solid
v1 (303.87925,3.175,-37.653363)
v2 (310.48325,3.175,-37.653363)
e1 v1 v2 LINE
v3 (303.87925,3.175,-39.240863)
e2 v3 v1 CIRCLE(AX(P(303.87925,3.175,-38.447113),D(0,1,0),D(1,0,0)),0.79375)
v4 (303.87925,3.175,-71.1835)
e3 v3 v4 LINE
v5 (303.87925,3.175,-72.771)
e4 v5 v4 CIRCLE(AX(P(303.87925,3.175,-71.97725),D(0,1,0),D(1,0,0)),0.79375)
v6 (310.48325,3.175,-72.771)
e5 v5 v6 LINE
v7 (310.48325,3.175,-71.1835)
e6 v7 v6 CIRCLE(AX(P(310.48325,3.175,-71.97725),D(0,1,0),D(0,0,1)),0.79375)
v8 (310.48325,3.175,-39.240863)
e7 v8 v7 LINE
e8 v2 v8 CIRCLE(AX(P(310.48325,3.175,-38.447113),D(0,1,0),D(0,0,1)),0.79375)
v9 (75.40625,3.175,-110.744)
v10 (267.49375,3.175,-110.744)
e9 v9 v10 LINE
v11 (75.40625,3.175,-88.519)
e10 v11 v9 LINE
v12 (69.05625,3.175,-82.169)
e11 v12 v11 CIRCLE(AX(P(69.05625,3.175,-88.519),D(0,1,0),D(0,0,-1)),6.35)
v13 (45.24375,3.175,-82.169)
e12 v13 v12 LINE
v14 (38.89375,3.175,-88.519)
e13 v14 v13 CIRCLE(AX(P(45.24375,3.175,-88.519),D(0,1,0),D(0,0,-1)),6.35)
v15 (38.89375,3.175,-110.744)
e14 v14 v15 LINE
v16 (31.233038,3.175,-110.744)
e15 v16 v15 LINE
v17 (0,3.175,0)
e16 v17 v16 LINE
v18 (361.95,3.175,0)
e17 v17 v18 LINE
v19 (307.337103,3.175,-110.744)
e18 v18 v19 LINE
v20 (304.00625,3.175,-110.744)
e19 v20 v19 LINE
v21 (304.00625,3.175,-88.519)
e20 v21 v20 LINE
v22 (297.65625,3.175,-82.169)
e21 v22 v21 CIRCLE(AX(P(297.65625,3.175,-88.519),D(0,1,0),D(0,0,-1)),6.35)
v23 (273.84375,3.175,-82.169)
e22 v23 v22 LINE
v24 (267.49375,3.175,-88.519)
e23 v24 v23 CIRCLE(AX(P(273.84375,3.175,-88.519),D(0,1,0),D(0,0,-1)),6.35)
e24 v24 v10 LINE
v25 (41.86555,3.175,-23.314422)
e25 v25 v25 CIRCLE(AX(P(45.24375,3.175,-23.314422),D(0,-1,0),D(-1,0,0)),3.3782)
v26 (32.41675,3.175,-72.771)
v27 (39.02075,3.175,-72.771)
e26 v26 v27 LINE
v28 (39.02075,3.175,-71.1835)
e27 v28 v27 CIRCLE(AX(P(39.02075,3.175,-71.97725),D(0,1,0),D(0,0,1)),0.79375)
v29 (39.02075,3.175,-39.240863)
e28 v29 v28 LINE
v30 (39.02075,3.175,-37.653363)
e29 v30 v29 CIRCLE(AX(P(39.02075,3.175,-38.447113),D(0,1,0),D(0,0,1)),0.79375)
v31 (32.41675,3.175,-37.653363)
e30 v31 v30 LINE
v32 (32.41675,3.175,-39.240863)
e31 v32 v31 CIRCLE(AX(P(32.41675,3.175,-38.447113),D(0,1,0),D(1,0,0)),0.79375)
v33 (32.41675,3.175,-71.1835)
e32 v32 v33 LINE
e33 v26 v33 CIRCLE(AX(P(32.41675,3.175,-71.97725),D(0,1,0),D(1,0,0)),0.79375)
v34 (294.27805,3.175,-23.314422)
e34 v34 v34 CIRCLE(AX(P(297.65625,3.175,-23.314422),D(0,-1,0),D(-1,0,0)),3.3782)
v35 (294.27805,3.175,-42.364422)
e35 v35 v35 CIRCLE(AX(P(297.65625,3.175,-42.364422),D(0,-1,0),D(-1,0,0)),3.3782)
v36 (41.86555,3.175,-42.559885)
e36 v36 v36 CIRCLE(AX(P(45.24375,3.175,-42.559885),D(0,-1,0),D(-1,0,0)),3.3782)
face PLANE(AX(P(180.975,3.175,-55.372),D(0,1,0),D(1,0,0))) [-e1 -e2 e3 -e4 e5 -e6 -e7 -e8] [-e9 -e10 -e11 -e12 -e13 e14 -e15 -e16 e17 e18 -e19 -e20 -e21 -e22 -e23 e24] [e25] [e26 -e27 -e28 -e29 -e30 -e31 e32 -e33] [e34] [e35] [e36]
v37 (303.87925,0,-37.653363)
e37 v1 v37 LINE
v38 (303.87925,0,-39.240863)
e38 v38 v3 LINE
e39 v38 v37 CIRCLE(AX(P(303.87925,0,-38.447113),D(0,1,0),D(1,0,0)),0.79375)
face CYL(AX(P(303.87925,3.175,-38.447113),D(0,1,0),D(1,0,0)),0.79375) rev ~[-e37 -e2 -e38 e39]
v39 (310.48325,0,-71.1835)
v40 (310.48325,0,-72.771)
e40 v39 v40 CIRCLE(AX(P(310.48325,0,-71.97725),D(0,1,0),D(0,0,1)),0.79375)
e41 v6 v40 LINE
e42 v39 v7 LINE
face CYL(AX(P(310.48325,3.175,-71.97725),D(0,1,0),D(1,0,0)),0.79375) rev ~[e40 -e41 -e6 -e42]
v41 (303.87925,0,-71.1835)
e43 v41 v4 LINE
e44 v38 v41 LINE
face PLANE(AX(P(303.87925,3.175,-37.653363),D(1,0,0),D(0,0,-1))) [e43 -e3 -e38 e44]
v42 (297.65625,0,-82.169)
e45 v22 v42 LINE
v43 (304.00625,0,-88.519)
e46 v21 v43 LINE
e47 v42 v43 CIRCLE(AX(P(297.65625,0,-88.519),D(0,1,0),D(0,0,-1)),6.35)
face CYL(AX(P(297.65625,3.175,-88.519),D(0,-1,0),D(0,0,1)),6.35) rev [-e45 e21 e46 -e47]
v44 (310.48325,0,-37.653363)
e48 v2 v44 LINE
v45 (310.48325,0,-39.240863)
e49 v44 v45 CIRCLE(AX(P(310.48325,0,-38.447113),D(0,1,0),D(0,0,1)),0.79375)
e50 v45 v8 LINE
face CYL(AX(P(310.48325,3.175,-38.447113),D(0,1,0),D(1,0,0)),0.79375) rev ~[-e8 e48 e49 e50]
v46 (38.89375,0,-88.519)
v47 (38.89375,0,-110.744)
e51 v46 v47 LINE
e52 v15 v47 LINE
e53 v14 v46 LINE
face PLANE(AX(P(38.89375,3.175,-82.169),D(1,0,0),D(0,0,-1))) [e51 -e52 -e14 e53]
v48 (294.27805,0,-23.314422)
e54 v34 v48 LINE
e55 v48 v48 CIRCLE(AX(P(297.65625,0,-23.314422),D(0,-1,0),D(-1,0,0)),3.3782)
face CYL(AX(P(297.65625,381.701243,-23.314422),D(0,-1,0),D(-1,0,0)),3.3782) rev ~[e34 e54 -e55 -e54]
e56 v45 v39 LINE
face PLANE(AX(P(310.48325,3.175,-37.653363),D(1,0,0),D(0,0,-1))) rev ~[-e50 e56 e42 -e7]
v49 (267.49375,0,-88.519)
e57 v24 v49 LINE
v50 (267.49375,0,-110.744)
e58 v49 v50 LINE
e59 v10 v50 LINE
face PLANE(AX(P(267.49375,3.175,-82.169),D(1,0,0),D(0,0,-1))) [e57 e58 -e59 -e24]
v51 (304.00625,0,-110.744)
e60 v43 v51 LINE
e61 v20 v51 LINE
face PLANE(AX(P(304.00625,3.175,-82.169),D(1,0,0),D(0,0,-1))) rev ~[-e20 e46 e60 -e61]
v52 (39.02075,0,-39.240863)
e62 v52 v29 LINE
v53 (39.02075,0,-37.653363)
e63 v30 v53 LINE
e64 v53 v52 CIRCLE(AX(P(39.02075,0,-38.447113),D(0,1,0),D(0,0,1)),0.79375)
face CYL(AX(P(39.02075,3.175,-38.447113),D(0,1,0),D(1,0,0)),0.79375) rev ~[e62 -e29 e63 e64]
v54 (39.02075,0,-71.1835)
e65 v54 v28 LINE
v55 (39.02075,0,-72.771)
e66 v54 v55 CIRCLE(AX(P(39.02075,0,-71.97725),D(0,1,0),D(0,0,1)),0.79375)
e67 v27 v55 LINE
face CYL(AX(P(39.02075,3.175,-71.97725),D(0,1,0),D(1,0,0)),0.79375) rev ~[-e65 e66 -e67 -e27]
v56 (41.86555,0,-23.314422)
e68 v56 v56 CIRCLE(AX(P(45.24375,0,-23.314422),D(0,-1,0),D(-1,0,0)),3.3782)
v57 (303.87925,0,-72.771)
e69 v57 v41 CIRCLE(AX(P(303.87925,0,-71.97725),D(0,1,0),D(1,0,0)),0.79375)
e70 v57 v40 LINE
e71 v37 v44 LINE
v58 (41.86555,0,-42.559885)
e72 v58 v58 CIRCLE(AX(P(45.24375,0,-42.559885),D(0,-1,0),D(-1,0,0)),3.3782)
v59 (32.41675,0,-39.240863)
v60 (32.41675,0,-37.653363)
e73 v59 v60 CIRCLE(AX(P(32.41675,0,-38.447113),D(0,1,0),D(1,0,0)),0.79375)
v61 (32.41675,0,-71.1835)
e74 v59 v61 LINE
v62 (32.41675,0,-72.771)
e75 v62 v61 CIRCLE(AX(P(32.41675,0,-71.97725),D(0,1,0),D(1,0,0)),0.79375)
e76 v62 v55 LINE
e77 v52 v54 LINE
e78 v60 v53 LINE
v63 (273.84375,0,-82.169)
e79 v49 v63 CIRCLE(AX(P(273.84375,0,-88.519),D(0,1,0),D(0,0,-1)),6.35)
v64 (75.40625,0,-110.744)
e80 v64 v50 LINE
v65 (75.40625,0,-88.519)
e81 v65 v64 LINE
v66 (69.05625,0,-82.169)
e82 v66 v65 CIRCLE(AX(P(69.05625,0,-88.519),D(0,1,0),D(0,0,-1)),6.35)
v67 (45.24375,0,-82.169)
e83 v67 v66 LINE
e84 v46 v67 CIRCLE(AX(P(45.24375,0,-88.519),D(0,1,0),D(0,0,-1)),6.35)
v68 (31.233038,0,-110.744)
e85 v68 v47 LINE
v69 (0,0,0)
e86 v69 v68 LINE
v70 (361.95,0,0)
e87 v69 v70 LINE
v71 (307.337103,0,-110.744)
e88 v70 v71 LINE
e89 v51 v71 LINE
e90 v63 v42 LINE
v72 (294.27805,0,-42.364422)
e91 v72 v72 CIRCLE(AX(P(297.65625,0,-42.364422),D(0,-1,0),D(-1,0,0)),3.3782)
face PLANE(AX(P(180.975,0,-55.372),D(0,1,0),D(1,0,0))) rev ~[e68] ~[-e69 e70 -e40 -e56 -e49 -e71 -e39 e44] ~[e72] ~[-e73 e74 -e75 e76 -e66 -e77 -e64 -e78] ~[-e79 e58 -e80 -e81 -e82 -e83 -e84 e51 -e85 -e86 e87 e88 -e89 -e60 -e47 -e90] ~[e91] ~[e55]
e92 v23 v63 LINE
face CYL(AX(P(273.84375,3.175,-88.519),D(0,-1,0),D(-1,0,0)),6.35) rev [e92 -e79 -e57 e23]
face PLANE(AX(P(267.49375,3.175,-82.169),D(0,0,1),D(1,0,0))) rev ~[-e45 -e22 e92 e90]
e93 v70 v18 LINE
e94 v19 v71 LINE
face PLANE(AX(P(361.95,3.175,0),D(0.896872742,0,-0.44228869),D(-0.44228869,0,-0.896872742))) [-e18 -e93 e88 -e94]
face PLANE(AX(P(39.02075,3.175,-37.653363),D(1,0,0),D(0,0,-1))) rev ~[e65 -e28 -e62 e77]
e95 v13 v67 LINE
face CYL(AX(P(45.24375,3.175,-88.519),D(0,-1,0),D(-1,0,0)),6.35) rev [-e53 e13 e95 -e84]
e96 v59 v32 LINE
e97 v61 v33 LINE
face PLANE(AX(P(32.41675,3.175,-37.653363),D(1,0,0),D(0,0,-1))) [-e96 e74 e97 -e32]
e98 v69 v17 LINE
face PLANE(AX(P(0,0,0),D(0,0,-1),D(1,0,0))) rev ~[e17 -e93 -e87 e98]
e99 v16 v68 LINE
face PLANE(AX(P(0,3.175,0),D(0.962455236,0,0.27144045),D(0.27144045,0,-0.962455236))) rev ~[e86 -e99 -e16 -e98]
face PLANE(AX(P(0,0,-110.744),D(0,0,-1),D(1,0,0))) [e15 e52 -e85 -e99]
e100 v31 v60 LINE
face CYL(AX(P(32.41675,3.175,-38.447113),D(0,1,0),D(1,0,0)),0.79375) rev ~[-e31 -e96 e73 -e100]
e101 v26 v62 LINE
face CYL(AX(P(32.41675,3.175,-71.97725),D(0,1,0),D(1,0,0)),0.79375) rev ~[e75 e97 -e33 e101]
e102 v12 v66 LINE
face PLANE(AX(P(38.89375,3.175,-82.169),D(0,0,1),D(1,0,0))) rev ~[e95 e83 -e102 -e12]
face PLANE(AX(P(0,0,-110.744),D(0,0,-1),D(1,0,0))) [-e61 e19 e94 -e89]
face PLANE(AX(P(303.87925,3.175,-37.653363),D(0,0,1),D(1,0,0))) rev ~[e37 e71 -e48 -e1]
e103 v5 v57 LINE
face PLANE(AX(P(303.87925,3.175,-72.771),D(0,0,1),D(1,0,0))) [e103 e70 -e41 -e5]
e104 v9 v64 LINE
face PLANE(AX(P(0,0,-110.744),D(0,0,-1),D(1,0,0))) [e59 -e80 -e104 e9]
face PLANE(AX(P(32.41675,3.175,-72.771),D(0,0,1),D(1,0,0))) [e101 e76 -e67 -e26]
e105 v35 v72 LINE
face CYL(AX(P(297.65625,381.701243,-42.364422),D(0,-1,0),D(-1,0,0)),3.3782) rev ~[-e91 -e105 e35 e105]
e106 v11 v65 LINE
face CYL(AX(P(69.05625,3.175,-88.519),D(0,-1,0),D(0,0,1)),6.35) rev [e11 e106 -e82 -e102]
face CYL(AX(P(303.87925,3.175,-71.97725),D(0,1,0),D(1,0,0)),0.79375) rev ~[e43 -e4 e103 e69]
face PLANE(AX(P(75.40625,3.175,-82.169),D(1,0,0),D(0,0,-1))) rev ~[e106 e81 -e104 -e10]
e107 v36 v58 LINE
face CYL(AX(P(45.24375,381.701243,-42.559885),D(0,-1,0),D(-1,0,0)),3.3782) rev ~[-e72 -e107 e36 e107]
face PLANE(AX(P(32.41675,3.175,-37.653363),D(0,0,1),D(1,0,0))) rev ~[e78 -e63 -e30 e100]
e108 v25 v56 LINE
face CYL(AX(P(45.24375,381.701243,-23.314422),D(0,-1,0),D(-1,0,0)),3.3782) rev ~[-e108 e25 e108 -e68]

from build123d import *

# Parameters (mm, degrees)
SKETCH1_W               = 361.95
SKETCH1_H               = 110.744
BOSS_EXTRUDE1_DEPTH     = 3.175
CUT_EXTRUDE1_DEPTH      = 4.175
SKETCH3_W               = 36.5125
SKETCH3_H               = 28.575
CUT_EXTRUDE2_DEPTH      = 4.175
FILLET1_R               = 6.35
F_1_4_CLEARANCE_HOLE1_D = 6.7564
SKETCH7_W               = 6.604
SKETCH7_H               = 35.117637185
CUT_EXTRUDE4_DEPTH      = 4.175
SKETCH8_R               = 0.79375
CUT_EXTRUDE5_DEPTH      = 4.175


with BuildPart() as part:
    # Sketch1 → Boss-Extrude1 (new body)
    with BuildSketch(Plane(origin=(0, 0, 0), x_dir=(1, 0, 0), z_dir=(0, 1, 0))):
        with Locations((180.975, 55.372)):
            Rectangle(SKETCH1_W, SKETCH1_H)
    extrude(amount=BOSS_EXTRUDE1_DEPTH)

    # Sketch2 → Cut-Extrude1 (cut, through all)
    with BuildSketch(Plane(origin=(0, 3.175, 0), x_dir=(1, 0, 0), z_dir=(0, 1, 0))):
        Polygon((0, 0), (31.233038214, 110.744), (0, 110.744), align=None)
        Polygon((361.95, 0), (307.33710294, 110.744), (361.95, 110.744), align=None)
    extrude(amount=-CUT_EXTRUDE1_DEPTH, mode=Mode.SUBTRACT)

    # Sketch3 → Cut-Extrude2 (cut, through all)
    with BuildSketch(Plane(origin=(0, 3.175, 0), x_dir=(1, 0, 0), z_dir=(0, 1, 0))):
        with Locations((57.15, 96.4565)):
            Rectangle(SKETCH3_W, SKETCH3_H)
        with Locations((285.75, 96.4565)):
            Rectangle(SKETCH3_W, SKETCH3_H)
    extrude(amount=-CUT_EXTRUDE2_DEPTH, mode=Mode.SUBTRACT)

    # Fillet1
    fillet1_edges = [part.edges().sort_by_distance(p)[0] for p in [
        (75.40625, 1.5875, -82.169),
        (38.89375, 1.5875, -82.169),
        (304.00625, 1.5875, -82.169),
        (267.49375, 1.5875, -82.169),
    ]]
    fillet(fillet1_edges, radius=FILLET1_R)

    # 1/4 Clearance Hole1 (through all)
    with Locations(Plane(origin=(0, 3.175, 0), x_dir=(1, 0, 0), z_dir=(0, 1, 0))):
        with Locations((297.65625, 42.364421689), (297.65625, 23.314421689), (45.24375, 23.314421689), (45.24375, 42.559885057)):
            Hole(F_1_4_CLEARANCE_HOLE1_D / 2)

    # Sketch7 → Cut-Extrude4 (cut, through all)
    with BuildSketch(Plane(origin=(0, 3.175, 0), x_dir=(1, 0, 0), z_dir=(0, 1, 0))):
        with Locations((307.18125, 55.212181407)):
            Rectangle(SKETCH7_W, SKETCH7_H)
        with Locations((35.71875, 55.212181407)):
            Rectangle(SKETCH7_W, SKETCH7_H)
    extrude(amount=-CUT_EXTRUDE4_DEPTH, mode=Mode.SUBTRACT)

    # Sketch8 → Cut-Extrude5 (cut, through all)
    with BuildSketch(Plane(origin=(0, 3.175, 0), x_dir=(1, 0, 0), z_dir=(0, 1, 0))):
        with Locations((39.02075, 38.447112815)):
            Circle(SKETCH8_R)
        with Locations((39.02075, 71.97725)):
            Circle(SKETCH8_R)
        with Locations((32.41675, 71.97725)):
            Circle(SKETCH8_R)
        with Locations((32.41675, 38.447112815)):
            Circle(SKETCH8_R)
        with Locations((303.87925, 71.97725)):
            Circle(SKETCH8_R)
        with Locations((310.48325, 71.97725)):
            Circle(SKETCH8_R)
        with Locations((310.48325, 38.447112815)):
            Circle(SKETCH8_R)
        with Locations((303.87925, 38.447112815)):
            Circle(SKETCH8_R)
    extrude(amount=-CUT_EXTRUDE5_DEPTH, mode=Mode.SUBTRACT)


solid = part.part
